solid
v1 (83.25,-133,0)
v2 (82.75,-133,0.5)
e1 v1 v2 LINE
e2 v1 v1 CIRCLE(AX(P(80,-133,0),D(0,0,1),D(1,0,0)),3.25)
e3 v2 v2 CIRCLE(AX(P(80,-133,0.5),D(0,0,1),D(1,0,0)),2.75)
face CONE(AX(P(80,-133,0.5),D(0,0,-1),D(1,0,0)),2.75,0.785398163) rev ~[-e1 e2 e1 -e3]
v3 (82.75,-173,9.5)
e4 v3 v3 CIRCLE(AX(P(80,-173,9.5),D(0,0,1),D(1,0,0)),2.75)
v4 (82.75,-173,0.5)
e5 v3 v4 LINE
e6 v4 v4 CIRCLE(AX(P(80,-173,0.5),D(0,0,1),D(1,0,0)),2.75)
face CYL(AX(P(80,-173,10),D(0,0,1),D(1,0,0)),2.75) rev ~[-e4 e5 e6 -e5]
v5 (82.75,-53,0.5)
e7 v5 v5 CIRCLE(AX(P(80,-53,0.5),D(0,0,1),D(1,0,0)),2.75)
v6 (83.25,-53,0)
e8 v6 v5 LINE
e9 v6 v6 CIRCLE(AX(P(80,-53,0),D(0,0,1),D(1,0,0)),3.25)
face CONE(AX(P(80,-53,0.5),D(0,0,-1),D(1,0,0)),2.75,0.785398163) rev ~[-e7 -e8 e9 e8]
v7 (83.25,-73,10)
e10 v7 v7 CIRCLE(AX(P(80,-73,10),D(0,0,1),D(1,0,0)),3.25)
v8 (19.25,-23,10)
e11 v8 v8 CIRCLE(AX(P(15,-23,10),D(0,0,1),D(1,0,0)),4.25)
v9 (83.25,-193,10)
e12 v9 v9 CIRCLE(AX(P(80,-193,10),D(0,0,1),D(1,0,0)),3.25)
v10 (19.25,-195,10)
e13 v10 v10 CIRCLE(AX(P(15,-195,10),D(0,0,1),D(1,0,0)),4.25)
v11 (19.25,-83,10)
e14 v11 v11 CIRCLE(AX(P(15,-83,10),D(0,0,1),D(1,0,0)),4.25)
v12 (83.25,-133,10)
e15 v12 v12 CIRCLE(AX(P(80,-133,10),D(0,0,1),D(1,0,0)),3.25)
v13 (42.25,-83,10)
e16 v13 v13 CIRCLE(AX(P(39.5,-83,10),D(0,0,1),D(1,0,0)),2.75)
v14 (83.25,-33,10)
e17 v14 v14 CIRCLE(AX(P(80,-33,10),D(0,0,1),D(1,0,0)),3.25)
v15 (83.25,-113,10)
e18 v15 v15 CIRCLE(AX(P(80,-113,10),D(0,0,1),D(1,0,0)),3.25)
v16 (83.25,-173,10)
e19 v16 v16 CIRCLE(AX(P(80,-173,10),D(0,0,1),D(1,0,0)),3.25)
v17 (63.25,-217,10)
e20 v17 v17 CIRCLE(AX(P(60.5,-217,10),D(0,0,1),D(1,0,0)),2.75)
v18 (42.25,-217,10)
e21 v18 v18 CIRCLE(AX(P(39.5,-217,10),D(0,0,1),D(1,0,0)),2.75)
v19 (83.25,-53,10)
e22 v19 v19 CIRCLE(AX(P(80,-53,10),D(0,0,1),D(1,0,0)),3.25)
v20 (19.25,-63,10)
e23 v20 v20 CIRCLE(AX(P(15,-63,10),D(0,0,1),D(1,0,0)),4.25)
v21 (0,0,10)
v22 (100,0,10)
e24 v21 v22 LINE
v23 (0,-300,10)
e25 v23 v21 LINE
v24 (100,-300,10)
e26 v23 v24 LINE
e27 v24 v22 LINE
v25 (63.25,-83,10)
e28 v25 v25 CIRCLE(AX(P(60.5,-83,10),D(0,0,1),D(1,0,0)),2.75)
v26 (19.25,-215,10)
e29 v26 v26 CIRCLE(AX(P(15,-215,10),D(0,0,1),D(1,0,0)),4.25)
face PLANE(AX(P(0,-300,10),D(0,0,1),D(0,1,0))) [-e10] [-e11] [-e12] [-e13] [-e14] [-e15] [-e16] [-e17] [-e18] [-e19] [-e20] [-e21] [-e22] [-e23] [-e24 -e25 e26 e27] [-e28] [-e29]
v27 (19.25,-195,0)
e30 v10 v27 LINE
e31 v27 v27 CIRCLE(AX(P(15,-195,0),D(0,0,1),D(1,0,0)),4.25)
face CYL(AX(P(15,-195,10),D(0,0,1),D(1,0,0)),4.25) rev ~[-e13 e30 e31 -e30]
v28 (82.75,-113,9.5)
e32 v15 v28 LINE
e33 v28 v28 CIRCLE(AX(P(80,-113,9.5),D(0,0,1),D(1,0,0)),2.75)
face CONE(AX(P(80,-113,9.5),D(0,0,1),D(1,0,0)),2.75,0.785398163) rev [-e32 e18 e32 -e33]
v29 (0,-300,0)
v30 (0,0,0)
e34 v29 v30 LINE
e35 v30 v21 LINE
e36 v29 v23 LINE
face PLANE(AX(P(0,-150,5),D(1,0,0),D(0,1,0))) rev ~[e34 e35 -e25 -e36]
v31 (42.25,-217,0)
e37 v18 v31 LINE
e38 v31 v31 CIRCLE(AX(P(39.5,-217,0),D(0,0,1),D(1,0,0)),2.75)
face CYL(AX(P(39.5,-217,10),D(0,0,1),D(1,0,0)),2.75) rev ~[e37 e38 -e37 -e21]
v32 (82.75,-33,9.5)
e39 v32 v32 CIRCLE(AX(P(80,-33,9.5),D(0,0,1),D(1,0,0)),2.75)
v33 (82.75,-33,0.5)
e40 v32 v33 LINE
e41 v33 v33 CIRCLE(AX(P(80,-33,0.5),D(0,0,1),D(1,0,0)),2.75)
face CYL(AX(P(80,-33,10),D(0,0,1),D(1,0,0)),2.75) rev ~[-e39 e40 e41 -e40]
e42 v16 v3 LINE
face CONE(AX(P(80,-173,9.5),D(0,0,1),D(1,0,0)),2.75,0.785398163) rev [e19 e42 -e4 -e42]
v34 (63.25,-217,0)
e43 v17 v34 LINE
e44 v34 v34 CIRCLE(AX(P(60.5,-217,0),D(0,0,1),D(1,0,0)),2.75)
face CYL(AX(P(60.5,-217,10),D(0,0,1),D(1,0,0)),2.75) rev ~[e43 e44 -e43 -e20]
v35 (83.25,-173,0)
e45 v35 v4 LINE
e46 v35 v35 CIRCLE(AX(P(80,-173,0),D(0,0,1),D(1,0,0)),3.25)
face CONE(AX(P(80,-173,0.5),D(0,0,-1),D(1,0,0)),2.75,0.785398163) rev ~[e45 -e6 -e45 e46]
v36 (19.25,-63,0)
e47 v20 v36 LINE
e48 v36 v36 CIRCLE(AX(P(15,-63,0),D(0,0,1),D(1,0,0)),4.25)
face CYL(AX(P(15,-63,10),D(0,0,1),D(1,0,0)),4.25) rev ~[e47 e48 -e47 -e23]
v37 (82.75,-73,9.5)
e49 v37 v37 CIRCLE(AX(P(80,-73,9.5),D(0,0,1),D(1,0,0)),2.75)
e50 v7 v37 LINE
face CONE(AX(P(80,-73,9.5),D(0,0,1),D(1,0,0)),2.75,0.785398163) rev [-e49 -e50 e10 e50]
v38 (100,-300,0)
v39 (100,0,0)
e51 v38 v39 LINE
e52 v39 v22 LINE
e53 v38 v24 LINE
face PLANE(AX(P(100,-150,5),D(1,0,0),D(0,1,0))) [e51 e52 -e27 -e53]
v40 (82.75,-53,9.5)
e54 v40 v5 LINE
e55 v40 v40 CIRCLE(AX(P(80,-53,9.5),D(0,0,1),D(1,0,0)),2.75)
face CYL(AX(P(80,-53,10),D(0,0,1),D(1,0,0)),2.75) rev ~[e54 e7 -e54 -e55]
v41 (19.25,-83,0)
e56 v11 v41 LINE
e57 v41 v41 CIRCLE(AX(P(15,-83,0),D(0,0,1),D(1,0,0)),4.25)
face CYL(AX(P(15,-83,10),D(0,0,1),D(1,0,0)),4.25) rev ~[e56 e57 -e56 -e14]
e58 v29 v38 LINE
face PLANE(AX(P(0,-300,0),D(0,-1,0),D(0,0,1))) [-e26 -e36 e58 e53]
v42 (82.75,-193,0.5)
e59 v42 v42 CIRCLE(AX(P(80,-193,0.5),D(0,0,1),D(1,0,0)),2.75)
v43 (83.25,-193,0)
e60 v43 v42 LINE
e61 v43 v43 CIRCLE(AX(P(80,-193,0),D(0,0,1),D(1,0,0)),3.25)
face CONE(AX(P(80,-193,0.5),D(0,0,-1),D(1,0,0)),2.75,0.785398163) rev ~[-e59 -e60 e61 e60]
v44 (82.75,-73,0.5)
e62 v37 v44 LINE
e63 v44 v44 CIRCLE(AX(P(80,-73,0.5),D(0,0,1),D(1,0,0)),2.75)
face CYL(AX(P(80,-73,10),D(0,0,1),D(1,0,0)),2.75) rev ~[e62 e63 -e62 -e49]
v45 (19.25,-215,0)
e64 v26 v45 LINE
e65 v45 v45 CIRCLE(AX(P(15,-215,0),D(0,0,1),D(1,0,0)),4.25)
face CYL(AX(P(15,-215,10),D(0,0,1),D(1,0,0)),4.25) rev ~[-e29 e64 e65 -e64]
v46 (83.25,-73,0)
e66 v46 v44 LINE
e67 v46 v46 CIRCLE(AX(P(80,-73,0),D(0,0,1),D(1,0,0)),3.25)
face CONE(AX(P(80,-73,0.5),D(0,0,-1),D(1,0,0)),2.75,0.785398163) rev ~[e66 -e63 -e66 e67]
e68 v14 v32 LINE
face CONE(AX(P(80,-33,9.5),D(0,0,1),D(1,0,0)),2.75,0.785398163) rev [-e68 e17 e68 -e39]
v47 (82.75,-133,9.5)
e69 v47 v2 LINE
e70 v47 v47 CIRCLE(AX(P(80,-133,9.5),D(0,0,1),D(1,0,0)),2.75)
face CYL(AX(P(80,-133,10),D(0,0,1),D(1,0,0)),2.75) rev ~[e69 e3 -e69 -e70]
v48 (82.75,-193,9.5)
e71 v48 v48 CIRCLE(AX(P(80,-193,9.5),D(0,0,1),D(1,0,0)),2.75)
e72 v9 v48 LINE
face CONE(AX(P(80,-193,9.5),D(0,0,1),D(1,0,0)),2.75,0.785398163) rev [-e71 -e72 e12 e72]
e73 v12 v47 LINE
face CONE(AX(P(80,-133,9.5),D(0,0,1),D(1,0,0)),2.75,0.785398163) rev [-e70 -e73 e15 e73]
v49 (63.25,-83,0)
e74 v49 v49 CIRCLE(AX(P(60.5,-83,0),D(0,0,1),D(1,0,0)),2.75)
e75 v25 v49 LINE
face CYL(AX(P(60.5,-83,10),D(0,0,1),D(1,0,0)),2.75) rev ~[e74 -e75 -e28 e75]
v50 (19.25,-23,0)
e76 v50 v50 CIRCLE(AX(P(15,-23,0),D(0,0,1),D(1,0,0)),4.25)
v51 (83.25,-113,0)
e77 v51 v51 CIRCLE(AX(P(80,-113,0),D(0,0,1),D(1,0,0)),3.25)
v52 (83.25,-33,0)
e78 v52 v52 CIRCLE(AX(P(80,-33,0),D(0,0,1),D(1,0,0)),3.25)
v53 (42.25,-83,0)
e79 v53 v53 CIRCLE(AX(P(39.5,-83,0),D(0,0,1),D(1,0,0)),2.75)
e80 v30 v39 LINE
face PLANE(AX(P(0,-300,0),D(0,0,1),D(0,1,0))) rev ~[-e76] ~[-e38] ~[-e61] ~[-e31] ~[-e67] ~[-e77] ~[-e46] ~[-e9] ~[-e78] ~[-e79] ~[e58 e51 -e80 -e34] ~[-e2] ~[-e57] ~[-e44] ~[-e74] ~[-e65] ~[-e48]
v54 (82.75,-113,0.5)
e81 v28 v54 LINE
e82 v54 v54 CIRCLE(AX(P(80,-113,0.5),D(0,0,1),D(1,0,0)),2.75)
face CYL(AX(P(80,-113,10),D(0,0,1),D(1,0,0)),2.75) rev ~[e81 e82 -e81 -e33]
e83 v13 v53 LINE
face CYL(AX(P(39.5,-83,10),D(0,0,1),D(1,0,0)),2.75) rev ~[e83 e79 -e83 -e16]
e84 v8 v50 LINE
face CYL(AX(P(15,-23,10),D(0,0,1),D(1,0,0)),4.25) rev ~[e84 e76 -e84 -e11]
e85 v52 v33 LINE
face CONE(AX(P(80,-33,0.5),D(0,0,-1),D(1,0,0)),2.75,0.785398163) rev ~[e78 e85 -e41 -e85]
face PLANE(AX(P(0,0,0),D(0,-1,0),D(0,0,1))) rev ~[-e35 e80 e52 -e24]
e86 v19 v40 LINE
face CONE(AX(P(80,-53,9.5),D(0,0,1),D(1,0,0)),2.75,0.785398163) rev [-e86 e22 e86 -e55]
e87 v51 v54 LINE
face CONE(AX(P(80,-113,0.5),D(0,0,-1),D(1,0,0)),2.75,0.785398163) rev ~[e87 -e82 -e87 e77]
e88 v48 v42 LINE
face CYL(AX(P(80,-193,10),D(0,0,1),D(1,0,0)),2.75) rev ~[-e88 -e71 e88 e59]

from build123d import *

# Parameters (mm, degrees)
F0_W     = 300
F0_H     = 10
F1_DEPTH = 100
F2_R     = 2.75
F2_R_2   = 4.25
F3_DEPTH = 10.001
F4_R     = 2.75
F5_DEPTH = 10.001
F6_SIZE  = 0.5


with BuildPart() as f1:
    # F0 (on Right) → F1 (new body)
    with BuildSketch(Plane.YZ):
        with Locations((-150, 5)):
            Rectangle(F0_W, F0_H)
    extrude(amount=F1_DEPTH)

    # F2 (on face) → F3 (cut, through all)
    with BuildSketch(Plane.XY.offset(10)):
        with Locations((60.5, -83)):
            Circle(F2_R)
        with Locations((39.5, -83)):
            Circle(F2_R)
        with Locations((39.5, -217)):
            Circle(F2_R)
        with Locations((60.5, -217)):
            Circle(F2_R)
        with Locations((15, -215)):
            Circle(F2_R_2)
        with Locations((15, -195)):
            Circle(F2_R_2)
        with Locations((15, -83)):
            Circle(F2_R_2)
        with Locations((15, -63)):
            Circle(F2_R_2)
        with Locations((15, -23)):
            Circle(F2_R_2)
    extrude(amount=-F3_DEPTH, mode=Mode.SUBTRACT)

    # F4 (on face) → F5 (cut, through all)
    with BuildSketch(Plane.XY.offset(10)):
        with Locations((80, -193)):
            Circle(F4_R)
        with Locations((80, -173)):
            Circle(F4_R)
        with Locations((80, -133)):
            Circle(F4_R)
        with Locations((80, -113)):
            Circle(F4_R)
        with Locations((80, -73)):
            Circle(F4_R)
        with Locations((80, -53)):
            Circle(F4_R)
        with Locations((80, -33)):
            Circle(F4_R)
    extrude(amount=-F5_DEPTH, mode=Mode.SUBTRACT)

    # F6
    f6_edges = [f1.edges().sort_by_distance(p)[0] for p in [
        (77.25, -53, 10),
        (82.75, -53, 5),
        (77.25, -53, 0),
        (77.25, -73, 10),
        (82.75, -73, 5),
        (77.25, -73, 0),
        (77.25, -113, 10),
        (82.75, -113, 5),
        (77.25, -113, 0),
        (77.25, -133, 10),
        (82.75, -133, 5),
        (77.25, -133, 0),
        (77.25, -173, 10),
        (82.75, -173, 5),
        (77.25, -173, 0),
        (77.25, -193, 10),
        (82.75, -193, 5),
        (77.25, -193, 0),
        (77.25, -33, 10),
        (82.75, -33, 5),
        (77.25, -33, 0),
    ]]
    chamfer(f6_edges, length=F6_SIZE)


solid = f1.part
